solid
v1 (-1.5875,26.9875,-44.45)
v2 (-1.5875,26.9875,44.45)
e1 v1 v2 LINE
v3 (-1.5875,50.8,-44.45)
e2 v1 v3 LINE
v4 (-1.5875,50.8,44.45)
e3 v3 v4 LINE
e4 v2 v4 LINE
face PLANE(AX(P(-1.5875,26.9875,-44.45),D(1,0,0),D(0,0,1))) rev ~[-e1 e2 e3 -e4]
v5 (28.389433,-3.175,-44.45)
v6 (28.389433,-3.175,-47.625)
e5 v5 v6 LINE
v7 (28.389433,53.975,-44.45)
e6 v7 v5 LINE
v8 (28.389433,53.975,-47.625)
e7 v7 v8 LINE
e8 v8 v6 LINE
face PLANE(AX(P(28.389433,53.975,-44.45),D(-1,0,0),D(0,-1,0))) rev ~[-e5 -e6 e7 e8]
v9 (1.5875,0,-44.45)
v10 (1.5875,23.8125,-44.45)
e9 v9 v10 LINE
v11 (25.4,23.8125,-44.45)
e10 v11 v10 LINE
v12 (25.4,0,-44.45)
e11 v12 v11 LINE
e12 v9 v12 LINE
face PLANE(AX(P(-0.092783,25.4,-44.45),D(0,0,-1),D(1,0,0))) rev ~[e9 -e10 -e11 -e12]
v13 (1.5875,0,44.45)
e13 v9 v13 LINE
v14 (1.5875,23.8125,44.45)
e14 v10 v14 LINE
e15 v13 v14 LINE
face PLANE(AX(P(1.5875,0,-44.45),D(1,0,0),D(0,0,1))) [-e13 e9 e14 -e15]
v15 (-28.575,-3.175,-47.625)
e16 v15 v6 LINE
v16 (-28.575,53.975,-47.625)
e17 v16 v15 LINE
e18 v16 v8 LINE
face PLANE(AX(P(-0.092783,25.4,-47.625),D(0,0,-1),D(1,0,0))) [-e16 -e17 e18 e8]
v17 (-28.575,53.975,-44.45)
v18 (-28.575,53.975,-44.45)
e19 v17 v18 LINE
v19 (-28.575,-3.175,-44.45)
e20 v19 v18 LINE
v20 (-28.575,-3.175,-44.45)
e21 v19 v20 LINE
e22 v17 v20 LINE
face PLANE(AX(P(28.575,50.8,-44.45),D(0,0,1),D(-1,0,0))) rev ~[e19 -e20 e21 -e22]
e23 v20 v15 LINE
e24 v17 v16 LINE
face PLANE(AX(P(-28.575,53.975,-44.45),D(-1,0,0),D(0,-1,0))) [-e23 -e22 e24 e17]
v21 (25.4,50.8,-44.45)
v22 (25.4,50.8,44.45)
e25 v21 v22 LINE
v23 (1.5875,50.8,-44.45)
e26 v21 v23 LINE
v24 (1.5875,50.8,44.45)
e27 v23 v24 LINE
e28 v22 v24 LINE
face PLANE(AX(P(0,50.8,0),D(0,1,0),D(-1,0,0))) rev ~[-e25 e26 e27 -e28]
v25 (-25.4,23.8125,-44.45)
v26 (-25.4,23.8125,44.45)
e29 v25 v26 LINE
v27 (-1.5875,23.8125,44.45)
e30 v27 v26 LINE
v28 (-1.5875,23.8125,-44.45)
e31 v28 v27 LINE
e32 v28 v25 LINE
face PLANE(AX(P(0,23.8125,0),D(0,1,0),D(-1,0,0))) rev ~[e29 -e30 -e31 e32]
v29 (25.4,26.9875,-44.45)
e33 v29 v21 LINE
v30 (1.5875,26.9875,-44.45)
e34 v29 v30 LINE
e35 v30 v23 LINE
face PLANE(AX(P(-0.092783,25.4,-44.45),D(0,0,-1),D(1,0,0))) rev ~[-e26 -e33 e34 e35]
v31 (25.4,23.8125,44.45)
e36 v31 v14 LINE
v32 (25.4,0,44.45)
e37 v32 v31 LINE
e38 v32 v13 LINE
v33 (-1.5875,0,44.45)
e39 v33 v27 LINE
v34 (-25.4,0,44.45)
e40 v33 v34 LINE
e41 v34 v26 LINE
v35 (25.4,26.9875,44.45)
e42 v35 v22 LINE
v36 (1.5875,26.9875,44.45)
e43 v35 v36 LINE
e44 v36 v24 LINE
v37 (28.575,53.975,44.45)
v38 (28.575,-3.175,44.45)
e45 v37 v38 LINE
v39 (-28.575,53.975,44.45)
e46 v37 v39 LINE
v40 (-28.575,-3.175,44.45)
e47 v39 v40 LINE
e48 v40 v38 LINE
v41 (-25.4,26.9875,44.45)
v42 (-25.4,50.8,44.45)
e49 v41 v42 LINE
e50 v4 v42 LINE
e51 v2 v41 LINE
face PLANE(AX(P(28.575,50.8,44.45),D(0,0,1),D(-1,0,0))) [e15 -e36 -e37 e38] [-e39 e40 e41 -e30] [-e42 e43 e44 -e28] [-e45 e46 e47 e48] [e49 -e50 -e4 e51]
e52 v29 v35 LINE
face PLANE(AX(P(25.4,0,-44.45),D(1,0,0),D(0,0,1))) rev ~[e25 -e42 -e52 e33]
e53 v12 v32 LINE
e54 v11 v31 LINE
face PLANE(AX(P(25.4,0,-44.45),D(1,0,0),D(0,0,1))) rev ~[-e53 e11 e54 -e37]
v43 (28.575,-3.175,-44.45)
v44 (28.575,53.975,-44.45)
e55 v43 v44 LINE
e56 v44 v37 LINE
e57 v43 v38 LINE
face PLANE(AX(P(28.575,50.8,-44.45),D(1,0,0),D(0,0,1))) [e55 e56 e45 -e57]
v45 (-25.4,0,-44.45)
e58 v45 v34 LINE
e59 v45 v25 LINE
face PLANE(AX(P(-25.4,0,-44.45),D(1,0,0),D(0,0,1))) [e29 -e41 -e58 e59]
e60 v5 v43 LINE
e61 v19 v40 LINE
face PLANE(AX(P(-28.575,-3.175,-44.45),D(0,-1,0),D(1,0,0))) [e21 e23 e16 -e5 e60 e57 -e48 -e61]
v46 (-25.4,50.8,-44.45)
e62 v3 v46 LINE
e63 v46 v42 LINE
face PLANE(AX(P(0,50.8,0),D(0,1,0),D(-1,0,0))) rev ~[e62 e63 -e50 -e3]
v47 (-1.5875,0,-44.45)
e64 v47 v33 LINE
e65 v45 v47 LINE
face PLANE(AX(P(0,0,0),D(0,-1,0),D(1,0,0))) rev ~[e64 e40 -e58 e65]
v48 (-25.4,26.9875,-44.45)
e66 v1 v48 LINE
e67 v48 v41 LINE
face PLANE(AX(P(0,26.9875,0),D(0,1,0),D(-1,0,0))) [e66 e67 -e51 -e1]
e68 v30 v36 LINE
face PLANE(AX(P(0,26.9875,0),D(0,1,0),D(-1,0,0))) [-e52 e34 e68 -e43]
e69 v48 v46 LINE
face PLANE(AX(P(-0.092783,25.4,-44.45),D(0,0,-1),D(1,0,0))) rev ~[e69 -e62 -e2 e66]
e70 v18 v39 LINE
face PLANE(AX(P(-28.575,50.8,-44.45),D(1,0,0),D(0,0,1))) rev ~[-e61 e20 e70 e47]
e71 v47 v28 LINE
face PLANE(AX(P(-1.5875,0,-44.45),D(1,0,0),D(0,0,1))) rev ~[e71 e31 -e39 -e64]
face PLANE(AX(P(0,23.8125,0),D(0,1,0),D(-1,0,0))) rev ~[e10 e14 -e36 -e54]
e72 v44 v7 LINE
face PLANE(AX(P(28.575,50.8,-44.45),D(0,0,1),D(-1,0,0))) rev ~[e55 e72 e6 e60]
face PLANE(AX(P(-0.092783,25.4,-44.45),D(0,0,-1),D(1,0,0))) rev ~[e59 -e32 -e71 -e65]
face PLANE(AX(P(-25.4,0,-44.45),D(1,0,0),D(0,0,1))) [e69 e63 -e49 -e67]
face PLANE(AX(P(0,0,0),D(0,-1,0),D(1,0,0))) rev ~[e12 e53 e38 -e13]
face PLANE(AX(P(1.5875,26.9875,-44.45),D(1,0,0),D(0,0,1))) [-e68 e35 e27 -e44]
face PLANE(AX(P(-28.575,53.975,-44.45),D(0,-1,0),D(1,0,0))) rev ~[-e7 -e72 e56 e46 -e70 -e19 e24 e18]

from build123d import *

# Parameters (mm, degrees)
F0_W      = 57.15
F0_H      = 88.9
F1_DEPTH  = 3.175
F2_W      = 3.175
F2_H      = 88.9
F3_DEPTH  = 50.8
F4_W      = 3.175
F4_H      = 88.9
F5_DEPTH  = 50.8
F6_W      = 3.175
F6_H      = 88.9
F7_DEPTH  = 50.8
F7_FACE_W = 3.175
F7_FACE_H = 88.9
F8_DEPTH  = 50.8
F9_W      = 3.175
F9_H      = 88.9
F10_DEPTH = 23.8125
F11_W     = 50.8
F11_H     = 88.9
F12_DEPTH = 3.175
F13_W     = 3.175
F13_H     = 88.9
F14_DEPTH = 23.8125
F15_W     = 57.15
F15_H     = 88.9
F16_DEPTH = 3.175
F17_W     = 56.964433
F17_H     = 57.15
F18_DEPTH = 3.175


with BuildPart() as f1:
    # F0 (on Front) → F1 (new body)
    with BuildSketch(Plane.XZ):
        Rectangle(F0_W, F0_H)
    extrude(amount=F1_DEPTH)

    # F2 (on face) → F3 (join)
    with BuildSketch(Plane(origin=(0, 0, 0), x_dir=(-1, 0, 0), z_dir=(0, 1, 0))):
        with Locations((-26.9875, 0)):
            Rectangle(F2_W, F2_H)
    extrude(amount=F3_DEPTH)

    # F4 (on face) → F5 (join)
    with BuildSketch(Plane(origin=(0, 0, 0), x_dir=(-1, 0, 0), z_dir=(0, 1, 0))):
        with Locations((26.9875, 0)):
            Rectangle(F4_W, F4_H)
    extrude(amount=F5_DEPTH)

    # F6 (on face) → F7 (join)
    with BuildSketch(Plane(origin=(0, 0, 0), x_dir=(-1, 0, 0), z_dir=(0, 1, 0))):
        Rectangle(F6_W, F6_H)
    extrude(amount=F7_DEPTH)

    # F7_face (on face) → F8 (cut)
    with BuildSketch(Plane(origin=(0, 50.8, 0), x_dir=(-1, 0, 0), z_dir=(0, 1, 0))):
        Rectangle(F7_FACE_W, F7_FACE_H)
    extrude(amount=-F8_DEPTH, mode=Mode.SUBTRACT)



with BuildPart() as f10:
    # F9 (on face) → F10 (new body)
    with BuildSketch(Plane(origin=(0, 26.9875, 0), x_dir=(-1, 0, 0), z_dir=(0, 1, 0))):
        Rectangle(F9_W, F9_H)
    extrude(amount=F10_DEPTH)


with BuildPart() as f1_1:
    add(f1.part)

    add(f10.part)  # F12 merges F10
    # F11 (on face) → F12 (join)
    with BuildSketch(Plane(origin=(0, 23.8125, 0), x_dir=(-1, 0, 0), z_dir=(0, 1, 0))):
        Rectangle(F11_W, F11_H)
    extrude(amount=F12_DEPTH)

    # F13 (on face) → F14 (join)
    with BuildSketch(Plane(origin=(0, 0, 0), x_dir=(-1, 0, 0), z_dir=(0, 1, 0))):
        Rectangle(F13_W, F13_H)
    extrude(amount=F14_DEPTH)

    # F15 (on face) → F16 (join)
    with BuildSketch(Plane(origin=(0, 50.8, 0), x_dir=(-1, 0, 0), z_dir=(0, 1, 0))):
        Rectangle(F15_W, F15_H)
    extrude(amount=F16_DEPTH)

    # F17 (on face) → F18 (join)
    with BuildSketch(Plane(origin=(0, 0, -44.45), x_dir=(1, 0, 0), z_dir=(0, 0, -1))):
        with Locations((-0.092783, -25.4)):
            Rectangle(F17_W, F17_H)
    extrude(amount=F18_DEPTH)


solid = f1_1.part
